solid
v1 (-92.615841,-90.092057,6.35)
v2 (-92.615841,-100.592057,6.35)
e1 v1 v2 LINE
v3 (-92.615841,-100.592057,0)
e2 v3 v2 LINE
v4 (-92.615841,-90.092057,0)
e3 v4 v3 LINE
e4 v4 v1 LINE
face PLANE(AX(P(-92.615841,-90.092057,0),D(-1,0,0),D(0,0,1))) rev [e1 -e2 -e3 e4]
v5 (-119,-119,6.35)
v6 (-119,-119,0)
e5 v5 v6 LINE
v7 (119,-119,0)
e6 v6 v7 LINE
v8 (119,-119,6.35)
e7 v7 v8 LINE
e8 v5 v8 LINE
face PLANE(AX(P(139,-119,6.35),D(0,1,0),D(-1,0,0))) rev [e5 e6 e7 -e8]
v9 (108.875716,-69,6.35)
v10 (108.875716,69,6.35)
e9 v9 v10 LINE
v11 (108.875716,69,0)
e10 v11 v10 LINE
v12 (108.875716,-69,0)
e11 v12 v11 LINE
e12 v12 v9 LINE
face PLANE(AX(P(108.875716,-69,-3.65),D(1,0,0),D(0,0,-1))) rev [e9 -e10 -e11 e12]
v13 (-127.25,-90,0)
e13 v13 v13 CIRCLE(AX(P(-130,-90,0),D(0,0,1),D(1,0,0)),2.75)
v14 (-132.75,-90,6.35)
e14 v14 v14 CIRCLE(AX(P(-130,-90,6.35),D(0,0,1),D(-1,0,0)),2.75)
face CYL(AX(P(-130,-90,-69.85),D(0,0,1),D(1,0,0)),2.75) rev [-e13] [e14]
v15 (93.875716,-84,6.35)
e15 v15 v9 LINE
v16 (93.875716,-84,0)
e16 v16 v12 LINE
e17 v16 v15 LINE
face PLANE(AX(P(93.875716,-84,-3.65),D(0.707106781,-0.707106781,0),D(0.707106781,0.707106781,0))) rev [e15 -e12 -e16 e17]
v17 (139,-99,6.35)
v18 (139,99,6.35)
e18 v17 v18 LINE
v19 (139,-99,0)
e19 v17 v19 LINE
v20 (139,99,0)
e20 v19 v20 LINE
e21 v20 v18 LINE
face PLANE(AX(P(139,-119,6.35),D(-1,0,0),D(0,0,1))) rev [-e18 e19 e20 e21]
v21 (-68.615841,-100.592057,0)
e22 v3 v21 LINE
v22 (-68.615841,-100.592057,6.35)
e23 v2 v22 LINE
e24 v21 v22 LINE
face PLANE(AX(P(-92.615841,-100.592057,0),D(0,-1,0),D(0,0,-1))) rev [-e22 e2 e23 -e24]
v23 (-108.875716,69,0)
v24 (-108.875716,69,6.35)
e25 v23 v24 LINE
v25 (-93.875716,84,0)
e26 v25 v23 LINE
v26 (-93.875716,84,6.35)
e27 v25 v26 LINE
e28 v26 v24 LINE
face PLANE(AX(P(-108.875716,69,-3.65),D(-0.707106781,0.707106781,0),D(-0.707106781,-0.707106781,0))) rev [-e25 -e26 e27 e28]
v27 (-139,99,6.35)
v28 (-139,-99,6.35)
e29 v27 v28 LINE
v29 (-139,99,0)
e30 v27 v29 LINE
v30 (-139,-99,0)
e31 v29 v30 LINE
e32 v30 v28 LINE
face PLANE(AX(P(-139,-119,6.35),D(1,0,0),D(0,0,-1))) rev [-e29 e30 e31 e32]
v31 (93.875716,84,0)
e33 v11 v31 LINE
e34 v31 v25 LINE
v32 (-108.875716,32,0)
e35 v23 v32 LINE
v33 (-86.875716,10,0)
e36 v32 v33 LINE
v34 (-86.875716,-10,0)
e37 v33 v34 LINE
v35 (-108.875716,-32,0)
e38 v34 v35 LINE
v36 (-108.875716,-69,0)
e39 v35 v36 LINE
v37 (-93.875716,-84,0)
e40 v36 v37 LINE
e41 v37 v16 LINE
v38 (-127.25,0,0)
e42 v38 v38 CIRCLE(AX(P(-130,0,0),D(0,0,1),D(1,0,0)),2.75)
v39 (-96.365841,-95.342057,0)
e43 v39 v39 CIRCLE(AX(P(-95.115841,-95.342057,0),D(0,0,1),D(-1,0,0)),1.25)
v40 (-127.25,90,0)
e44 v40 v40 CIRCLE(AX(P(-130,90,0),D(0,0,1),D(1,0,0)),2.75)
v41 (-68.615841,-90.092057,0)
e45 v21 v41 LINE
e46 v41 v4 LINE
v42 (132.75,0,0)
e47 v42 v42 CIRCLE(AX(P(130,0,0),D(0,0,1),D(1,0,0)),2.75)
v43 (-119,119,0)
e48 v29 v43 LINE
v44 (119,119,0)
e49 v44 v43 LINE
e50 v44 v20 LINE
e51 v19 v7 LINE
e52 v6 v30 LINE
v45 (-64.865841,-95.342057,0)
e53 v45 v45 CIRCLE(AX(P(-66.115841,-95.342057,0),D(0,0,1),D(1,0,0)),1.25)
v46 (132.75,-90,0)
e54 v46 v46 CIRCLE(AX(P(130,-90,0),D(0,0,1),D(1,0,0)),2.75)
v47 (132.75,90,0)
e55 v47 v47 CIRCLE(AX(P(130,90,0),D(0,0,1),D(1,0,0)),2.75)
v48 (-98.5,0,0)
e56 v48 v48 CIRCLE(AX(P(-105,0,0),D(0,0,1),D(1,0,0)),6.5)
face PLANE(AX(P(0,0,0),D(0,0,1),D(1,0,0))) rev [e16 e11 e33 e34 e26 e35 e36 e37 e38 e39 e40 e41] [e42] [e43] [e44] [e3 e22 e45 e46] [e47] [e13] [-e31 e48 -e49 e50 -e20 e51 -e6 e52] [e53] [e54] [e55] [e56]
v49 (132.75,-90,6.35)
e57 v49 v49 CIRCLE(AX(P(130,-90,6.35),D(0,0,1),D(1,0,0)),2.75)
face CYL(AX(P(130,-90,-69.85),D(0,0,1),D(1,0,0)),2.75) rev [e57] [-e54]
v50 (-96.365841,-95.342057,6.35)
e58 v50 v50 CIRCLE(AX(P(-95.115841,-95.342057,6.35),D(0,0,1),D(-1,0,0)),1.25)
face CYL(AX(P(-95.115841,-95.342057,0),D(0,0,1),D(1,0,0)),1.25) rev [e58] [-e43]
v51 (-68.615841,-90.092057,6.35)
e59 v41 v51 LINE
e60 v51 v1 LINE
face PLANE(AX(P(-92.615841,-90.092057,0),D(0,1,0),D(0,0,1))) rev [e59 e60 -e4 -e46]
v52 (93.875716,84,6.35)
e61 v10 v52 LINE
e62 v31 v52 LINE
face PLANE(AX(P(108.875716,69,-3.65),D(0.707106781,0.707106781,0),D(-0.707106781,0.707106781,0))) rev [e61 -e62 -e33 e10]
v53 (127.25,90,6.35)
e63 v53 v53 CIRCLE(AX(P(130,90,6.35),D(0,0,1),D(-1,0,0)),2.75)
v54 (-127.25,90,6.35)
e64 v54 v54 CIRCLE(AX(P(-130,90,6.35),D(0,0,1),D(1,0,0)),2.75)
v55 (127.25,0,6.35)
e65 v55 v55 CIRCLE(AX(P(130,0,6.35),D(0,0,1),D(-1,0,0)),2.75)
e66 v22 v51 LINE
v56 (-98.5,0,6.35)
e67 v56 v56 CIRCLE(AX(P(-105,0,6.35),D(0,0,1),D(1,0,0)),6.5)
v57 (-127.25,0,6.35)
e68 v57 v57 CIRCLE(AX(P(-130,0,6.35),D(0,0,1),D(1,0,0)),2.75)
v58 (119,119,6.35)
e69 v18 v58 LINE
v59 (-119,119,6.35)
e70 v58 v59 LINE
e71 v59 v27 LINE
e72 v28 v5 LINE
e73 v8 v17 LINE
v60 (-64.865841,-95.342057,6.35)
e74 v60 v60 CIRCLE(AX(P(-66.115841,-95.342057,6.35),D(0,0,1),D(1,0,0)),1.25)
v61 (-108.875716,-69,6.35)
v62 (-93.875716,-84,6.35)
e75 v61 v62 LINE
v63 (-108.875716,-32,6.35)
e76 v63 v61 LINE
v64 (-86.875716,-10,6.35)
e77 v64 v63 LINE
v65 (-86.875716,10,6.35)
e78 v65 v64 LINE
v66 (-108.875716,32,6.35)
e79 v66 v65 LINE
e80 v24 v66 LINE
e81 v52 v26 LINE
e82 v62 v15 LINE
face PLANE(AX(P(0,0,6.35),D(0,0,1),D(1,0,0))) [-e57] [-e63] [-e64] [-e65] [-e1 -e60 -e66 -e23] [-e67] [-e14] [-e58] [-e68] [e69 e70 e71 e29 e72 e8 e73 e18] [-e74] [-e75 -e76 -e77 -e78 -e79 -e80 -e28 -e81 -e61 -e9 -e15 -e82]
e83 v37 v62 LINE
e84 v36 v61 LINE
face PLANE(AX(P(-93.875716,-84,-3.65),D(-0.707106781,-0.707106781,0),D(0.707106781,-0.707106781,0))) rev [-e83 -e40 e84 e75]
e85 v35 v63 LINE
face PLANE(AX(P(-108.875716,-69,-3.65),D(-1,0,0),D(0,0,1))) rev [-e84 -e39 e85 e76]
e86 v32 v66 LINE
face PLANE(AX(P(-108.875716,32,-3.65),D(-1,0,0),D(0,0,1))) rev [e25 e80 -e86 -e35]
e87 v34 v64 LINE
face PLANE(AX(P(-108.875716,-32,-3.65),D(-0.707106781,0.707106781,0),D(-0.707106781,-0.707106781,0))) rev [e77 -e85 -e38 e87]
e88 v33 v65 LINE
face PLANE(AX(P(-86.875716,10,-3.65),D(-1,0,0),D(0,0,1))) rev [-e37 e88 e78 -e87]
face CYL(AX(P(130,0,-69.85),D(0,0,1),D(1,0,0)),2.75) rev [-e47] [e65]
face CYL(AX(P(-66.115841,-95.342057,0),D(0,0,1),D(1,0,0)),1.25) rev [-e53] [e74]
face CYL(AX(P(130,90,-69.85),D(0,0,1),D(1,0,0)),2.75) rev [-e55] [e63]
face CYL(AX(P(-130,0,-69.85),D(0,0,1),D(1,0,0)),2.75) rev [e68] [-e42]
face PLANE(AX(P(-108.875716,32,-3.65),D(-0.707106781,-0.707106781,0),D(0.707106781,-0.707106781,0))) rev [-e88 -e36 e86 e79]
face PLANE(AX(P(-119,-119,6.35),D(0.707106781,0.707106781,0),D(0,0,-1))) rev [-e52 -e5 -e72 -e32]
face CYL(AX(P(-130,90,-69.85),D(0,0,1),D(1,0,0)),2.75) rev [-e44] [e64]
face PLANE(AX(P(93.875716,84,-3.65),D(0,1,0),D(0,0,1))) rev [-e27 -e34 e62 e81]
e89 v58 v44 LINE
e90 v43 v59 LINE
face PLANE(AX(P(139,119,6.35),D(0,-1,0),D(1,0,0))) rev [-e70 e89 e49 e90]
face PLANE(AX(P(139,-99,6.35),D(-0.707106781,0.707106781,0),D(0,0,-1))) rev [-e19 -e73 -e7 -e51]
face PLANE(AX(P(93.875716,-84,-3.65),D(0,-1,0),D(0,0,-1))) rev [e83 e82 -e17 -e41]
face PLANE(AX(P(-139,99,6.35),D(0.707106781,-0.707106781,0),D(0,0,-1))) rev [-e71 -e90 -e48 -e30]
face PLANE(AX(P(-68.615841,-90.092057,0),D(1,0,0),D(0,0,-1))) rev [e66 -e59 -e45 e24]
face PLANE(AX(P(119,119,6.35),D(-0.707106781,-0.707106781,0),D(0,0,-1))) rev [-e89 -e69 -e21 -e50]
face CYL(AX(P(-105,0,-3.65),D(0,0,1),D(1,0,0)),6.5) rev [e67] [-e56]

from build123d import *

# Parameters (mm, degrees)
SKETCH1_W           = 278
SKETCH1_H           = 238
BOSS_EXTRUDE1_DEPTH = 6.35
CHAMFER1_SIZE       = 20
SKETCH4_R           = 2.75
CUT_EXTRUDE2_DEPTH  = 76.2
SKETCH5_R           = 6.5
CUT_EXTRUDE3_DEPTH  = 10
SKETCH7_R           = 1.25
SKETCH7_W           = 24
SKETCH7_H           = 10.5
CUT_EXTRUDE4_DEPTH  = 7.35


with BuildPart() as part:
    # Sketch1 → Boss-Extrude1 (new body)
    with BuildSketch(Plane.XY):
        Rectangle(SKETCH1_W, SKETCH1_H)
    extrude(amount=BOSS_EXTRUDE1_DEPTH)

    # Chamfer1
    chamfer1_edges = [part.edges().sort_by_distance(p)[0] for p in [
        (-139, 119, 3.175),
        (139, 119, 3.175),
        (139, -119, 3.175),
        (-139, -119, 3.175),
    ]]
    chamfer(chamfer1_edges, length=CHAMFER1_SIZE)

    # Sketch4 → Cut-Extrude2 (cut)
    with BuildSketch(Plane.XY.offset(6.35)):
        with Locations((-130, 90)):
            Circle(SKETCH4_R)
        with Locations((-130, -90)):
            Circle(SKETCH4_R)
        with Locations((-130, 0)):
            Circle(SKETCH4_R)
        with Locations((130, -90)):
            Circle(SKETCH4_R)
        with Locations((130, 0)):
            Circle(SKETCH4_R)
        with Locations((130, 90)):
            Circle(SKETCH4_R)
    extrude(amount=-CUT_EXTRUDE2_DEPTH, mode=Mode.SUBTRACT)

    # Sketch5 → Cut-Extrude3 (cut)
    with BuildSketch(Plane.XY.offset(6.35)):
        with Locations((-105, 0)):
            Circle(SKETCH5_R)
        Polygon((93.875716073, -84), (-93.875716073, -84), (-108.875716073, -69), (-108.875716073, -32), (-86.875716073, -10), (-86.875716073, 10), (-108.875716073, 32), (-108.875716073, 69), (-93.875716073, 84), (93.875716073, 84), (108.875716073, 69), (108.875716073, -69), align=None)
    extrude(amount=-CUT_EXTRUDE3_DEPTH, mode=Mode.SUBTRACT)

    # Sketch7 → Cut-Extrude4 (cut, through all)
    with BuildSketch(Plane.XY.offset(6.35)):
        with Locations((-66.115841415, -95.342057099)):
            Circle(SKETCH7_R)
        with Locations((-95.115841415, -95.342057099)):
            Circle(SKETCH7_R)
        with Locations((-80.615841415, -95.342057099)):
            Rectangle(SKETCH7_W, SKETCH7_H)
    extrude(amount=-CUT_EXTRUDE4_DEPTH, mode=Mode.SUBTRACT)


solid = part.part
